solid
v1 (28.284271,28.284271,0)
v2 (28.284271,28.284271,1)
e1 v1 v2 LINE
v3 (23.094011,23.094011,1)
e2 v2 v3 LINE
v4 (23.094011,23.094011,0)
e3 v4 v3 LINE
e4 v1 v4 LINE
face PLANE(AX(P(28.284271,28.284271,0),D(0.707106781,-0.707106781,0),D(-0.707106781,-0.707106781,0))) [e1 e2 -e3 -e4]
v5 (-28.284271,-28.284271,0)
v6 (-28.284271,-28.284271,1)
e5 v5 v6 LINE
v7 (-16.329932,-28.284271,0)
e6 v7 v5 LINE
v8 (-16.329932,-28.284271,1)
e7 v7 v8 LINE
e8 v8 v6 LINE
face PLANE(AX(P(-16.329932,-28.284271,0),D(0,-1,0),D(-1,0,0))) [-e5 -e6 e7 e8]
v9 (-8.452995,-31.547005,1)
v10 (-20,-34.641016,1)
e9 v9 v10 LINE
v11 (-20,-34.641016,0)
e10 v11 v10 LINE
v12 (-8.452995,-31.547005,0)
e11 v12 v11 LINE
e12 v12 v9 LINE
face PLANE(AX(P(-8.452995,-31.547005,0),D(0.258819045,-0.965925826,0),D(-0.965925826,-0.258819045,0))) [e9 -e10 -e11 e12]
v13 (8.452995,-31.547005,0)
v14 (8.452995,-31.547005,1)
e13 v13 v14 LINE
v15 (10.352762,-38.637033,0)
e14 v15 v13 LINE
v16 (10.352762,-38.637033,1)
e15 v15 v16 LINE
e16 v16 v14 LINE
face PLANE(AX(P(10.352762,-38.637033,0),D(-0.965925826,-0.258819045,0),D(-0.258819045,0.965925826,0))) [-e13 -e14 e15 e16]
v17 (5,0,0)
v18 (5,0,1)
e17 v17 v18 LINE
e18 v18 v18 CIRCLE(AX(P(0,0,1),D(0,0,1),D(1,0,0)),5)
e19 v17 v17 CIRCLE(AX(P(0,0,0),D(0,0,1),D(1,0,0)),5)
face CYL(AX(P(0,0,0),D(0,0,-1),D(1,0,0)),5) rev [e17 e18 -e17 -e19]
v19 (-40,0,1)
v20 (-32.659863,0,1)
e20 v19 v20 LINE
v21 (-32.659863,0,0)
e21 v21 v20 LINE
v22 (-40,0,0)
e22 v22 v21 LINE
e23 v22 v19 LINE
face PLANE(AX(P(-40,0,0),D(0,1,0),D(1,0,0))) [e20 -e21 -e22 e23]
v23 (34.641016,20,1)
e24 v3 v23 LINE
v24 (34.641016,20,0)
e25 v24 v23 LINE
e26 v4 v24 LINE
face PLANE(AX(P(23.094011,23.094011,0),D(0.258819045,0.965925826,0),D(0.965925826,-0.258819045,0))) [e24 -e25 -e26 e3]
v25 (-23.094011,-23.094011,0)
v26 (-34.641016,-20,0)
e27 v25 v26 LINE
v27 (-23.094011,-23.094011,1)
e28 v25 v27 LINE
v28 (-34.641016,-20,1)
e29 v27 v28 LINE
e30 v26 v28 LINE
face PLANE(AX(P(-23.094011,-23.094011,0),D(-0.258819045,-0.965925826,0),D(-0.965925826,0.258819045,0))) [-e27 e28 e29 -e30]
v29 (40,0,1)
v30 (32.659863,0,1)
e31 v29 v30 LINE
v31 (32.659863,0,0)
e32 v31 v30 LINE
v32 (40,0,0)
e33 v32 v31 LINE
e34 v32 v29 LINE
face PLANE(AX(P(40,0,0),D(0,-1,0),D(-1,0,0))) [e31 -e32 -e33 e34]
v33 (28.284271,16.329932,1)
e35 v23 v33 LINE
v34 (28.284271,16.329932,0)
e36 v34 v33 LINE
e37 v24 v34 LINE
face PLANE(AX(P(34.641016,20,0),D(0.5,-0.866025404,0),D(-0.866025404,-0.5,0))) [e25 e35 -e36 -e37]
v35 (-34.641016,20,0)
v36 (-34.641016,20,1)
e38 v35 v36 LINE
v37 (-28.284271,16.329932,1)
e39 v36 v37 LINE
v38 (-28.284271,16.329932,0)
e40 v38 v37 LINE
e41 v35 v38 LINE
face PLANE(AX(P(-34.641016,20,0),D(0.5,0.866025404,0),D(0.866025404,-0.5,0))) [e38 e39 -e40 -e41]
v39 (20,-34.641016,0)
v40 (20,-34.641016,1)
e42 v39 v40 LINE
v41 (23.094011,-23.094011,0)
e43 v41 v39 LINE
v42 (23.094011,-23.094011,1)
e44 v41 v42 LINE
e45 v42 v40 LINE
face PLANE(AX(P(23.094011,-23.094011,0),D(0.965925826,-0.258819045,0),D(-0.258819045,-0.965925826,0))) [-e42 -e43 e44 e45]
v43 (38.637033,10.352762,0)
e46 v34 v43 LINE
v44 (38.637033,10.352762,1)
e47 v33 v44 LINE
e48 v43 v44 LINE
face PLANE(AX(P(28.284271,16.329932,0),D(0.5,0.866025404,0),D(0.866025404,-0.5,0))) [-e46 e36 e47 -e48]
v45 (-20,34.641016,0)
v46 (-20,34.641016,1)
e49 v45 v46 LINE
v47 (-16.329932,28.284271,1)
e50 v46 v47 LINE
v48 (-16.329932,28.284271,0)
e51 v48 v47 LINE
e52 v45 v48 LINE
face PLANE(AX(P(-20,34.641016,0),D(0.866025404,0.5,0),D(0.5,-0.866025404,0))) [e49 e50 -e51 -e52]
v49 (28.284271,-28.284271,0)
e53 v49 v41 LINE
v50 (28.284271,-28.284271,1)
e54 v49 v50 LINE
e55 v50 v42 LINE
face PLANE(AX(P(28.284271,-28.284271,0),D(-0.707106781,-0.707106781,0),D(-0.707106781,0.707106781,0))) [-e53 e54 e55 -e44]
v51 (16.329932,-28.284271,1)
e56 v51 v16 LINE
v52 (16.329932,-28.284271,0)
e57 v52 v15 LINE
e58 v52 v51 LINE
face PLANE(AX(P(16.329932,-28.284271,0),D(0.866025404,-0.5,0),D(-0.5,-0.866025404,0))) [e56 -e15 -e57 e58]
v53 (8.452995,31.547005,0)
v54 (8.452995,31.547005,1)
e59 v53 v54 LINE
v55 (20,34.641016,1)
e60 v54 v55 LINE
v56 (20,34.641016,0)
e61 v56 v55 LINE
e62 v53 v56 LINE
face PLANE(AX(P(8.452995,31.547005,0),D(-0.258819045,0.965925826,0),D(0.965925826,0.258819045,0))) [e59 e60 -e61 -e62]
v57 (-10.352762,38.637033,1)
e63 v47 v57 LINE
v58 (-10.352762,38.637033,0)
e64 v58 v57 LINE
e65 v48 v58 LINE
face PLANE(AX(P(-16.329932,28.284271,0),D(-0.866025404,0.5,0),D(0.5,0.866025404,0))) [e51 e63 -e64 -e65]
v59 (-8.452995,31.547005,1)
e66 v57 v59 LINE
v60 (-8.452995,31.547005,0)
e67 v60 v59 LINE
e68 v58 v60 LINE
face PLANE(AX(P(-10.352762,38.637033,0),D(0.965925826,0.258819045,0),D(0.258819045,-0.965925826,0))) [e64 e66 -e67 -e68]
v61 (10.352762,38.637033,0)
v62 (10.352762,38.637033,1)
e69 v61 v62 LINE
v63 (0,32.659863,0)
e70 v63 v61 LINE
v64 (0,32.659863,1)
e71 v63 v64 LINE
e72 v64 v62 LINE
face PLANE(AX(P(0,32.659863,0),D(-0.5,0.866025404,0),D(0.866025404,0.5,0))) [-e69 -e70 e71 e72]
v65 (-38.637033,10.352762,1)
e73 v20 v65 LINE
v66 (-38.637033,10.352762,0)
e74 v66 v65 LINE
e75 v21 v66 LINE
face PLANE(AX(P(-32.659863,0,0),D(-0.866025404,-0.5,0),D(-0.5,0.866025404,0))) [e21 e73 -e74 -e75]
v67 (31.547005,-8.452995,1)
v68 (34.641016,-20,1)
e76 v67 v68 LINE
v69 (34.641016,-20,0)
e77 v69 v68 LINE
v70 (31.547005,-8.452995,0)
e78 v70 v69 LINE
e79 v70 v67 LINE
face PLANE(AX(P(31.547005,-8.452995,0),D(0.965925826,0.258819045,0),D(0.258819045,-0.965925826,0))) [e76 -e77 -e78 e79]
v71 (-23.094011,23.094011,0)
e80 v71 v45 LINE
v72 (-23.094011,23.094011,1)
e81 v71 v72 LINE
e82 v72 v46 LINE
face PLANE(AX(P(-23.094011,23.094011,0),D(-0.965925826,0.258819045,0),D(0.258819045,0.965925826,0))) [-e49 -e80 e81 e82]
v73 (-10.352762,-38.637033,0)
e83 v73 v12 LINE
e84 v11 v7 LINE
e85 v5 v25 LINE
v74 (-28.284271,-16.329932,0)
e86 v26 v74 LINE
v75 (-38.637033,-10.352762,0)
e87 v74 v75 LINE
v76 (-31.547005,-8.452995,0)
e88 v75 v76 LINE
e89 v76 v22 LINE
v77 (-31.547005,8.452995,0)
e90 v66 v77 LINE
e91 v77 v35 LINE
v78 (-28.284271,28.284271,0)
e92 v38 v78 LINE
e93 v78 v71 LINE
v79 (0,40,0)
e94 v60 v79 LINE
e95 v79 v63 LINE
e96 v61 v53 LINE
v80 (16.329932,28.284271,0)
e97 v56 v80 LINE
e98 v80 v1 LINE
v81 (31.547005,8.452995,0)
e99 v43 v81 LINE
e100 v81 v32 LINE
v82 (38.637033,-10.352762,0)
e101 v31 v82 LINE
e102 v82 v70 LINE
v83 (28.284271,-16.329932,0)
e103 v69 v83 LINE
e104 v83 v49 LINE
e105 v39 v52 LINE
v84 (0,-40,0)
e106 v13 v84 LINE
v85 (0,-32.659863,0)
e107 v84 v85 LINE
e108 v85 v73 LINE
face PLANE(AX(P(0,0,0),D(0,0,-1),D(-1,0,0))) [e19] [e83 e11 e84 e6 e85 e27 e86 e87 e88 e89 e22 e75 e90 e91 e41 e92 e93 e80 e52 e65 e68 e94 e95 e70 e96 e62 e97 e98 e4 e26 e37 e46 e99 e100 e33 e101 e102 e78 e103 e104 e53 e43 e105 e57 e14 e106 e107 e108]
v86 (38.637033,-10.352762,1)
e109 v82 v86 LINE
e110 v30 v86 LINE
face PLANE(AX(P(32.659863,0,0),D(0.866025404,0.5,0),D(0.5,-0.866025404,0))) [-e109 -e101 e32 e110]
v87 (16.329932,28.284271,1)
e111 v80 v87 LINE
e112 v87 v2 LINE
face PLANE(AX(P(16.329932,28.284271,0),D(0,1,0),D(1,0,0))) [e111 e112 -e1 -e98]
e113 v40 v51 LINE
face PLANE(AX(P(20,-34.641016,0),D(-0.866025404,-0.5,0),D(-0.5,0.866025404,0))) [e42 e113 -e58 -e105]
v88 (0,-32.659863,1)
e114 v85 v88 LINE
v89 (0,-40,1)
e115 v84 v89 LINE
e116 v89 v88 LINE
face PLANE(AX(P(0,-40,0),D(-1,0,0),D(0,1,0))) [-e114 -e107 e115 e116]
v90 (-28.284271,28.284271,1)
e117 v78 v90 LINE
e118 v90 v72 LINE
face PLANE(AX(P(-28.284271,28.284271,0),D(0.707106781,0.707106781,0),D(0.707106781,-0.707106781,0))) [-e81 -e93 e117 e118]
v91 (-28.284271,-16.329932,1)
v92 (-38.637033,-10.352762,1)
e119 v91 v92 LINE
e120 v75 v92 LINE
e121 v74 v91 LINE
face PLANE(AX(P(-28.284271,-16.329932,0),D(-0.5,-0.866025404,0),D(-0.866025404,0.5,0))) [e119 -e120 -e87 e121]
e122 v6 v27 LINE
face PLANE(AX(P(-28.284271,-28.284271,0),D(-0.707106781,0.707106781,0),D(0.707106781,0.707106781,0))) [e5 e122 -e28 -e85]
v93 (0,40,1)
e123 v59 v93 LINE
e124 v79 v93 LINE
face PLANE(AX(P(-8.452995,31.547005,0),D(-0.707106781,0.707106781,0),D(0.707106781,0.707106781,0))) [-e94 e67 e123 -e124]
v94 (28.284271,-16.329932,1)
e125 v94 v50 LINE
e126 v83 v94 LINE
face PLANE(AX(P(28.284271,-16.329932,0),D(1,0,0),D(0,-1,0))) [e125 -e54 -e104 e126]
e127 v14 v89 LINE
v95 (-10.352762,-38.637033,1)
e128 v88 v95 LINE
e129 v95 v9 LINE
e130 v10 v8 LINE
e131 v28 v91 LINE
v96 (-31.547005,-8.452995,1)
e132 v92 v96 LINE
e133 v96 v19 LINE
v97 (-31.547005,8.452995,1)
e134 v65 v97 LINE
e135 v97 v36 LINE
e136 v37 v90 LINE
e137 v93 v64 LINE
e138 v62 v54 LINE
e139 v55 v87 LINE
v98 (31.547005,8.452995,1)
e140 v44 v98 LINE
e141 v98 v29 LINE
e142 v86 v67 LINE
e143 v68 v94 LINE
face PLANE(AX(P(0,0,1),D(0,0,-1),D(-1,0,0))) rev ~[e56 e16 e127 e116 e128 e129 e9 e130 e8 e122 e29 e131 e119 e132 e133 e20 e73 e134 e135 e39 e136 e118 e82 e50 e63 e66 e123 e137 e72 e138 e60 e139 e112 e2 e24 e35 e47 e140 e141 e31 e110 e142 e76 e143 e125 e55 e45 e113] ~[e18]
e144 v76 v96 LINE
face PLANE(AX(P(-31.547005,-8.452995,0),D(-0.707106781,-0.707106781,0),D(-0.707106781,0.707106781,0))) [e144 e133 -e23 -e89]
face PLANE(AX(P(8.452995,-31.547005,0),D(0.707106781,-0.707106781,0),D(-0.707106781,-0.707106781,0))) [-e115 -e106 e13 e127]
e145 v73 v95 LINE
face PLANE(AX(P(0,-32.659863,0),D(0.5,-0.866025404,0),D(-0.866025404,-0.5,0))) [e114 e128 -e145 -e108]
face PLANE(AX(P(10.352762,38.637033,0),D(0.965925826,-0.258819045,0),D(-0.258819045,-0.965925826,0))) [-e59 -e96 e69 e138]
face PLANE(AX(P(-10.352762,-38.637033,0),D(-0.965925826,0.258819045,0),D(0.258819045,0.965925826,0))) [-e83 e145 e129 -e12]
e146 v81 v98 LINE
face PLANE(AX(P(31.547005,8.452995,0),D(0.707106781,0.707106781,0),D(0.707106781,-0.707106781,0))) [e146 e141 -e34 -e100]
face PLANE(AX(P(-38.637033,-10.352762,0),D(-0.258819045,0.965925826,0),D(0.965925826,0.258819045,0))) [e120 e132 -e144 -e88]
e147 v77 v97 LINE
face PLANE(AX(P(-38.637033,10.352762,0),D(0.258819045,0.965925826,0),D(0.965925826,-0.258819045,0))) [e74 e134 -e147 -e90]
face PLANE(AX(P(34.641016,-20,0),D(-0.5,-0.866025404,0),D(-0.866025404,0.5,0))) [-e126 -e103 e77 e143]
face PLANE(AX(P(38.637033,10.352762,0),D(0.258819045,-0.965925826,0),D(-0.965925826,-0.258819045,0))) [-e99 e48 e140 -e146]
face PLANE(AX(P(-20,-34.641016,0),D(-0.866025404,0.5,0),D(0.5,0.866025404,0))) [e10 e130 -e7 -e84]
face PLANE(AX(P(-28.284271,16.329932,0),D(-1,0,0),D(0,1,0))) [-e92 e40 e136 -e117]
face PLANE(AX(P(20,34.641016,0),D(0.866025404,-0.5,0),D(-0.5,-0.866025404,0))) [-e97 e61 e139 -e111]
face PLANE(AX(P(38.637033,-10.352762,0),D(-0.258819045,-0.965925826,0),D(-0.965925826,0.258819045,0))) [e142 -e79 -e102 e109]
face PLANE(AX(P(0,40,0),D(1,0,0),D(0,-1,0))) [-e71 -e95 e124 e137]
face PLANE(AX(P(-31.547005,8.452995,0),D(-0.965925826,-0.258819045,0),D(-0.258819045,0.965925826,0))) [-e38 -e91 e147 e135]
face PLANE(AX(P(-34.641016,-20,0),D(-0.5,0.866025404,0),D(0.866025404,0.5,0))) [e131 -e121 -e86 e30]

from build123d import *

# Parameters (mm, degrees)
SKETCH1_R           = 5
BOSS_EXTRUDE1_DEPTH = 1


with BuildPart() as part:
    # Sketch1 → Boss-Extrude1 (new body)
    with BuildSketch(Plane.XY):
        Polygon((0, 40), (0, 32.659863237), (10.352761804, 38.637033052), (8.452994616, 31.547005384), (20, 34.641016151), (16.329931619, 28.284271247), (28.284271247, 28.284271247), (23.094010768, 23.094010768), (34.641016151, 20), (28.284271247, 16.329931619), (38.637033052, 10.352761804), (31.547005384, 8.452994616), (40, 0), (32.659863237, 0), (38.637033052, -10.352761804), (31.547005384, -8.452994616), (34.641016151, -20), (28.284271247, -16.329931619), (28.284271247, -28.284271247), (23.094010768, -23.094010768), (20, -34.641016151), (16.329931619, -28.284271247), (10.352761804, -38.637033052), (8.452994616, -31.547005384), (0, -40), (0, -32.659863237), (-10.352761804, -38.637033052), (-8.452994616, -31.547005384), (-20, -34.641016151), (-16.329931619, -28.284271247), (-28.284271247, -28.284271247), (-23.094010768, -23.094010768), (-34.641016151, -20), (-28.284271247, -16.329931619), (-38.637033052, -10.352761804), (-31.547005384, -8.452994616), (-40, 0), (-32.659863237, 0), (-38.637033052, 10.352761804), (-31.547005384, 8.452994616), (-34.641016151, 20), (-28.284271247, 16.329931619), (-28.284271247, 28.284271247), (-23.094010768, 23.094010768), (-20, 34.641016151), (-16.329931619, 28.284271247), (-10.352761804, 38.637033052), (-8.452994616, 31.547005384), align=None)
        Circle(SKETCH1_R, mode=Mode.SUBTRACT)
    extrude(amount=BOSS_EXTRUDE1_DEPTH)


solid = part.part
